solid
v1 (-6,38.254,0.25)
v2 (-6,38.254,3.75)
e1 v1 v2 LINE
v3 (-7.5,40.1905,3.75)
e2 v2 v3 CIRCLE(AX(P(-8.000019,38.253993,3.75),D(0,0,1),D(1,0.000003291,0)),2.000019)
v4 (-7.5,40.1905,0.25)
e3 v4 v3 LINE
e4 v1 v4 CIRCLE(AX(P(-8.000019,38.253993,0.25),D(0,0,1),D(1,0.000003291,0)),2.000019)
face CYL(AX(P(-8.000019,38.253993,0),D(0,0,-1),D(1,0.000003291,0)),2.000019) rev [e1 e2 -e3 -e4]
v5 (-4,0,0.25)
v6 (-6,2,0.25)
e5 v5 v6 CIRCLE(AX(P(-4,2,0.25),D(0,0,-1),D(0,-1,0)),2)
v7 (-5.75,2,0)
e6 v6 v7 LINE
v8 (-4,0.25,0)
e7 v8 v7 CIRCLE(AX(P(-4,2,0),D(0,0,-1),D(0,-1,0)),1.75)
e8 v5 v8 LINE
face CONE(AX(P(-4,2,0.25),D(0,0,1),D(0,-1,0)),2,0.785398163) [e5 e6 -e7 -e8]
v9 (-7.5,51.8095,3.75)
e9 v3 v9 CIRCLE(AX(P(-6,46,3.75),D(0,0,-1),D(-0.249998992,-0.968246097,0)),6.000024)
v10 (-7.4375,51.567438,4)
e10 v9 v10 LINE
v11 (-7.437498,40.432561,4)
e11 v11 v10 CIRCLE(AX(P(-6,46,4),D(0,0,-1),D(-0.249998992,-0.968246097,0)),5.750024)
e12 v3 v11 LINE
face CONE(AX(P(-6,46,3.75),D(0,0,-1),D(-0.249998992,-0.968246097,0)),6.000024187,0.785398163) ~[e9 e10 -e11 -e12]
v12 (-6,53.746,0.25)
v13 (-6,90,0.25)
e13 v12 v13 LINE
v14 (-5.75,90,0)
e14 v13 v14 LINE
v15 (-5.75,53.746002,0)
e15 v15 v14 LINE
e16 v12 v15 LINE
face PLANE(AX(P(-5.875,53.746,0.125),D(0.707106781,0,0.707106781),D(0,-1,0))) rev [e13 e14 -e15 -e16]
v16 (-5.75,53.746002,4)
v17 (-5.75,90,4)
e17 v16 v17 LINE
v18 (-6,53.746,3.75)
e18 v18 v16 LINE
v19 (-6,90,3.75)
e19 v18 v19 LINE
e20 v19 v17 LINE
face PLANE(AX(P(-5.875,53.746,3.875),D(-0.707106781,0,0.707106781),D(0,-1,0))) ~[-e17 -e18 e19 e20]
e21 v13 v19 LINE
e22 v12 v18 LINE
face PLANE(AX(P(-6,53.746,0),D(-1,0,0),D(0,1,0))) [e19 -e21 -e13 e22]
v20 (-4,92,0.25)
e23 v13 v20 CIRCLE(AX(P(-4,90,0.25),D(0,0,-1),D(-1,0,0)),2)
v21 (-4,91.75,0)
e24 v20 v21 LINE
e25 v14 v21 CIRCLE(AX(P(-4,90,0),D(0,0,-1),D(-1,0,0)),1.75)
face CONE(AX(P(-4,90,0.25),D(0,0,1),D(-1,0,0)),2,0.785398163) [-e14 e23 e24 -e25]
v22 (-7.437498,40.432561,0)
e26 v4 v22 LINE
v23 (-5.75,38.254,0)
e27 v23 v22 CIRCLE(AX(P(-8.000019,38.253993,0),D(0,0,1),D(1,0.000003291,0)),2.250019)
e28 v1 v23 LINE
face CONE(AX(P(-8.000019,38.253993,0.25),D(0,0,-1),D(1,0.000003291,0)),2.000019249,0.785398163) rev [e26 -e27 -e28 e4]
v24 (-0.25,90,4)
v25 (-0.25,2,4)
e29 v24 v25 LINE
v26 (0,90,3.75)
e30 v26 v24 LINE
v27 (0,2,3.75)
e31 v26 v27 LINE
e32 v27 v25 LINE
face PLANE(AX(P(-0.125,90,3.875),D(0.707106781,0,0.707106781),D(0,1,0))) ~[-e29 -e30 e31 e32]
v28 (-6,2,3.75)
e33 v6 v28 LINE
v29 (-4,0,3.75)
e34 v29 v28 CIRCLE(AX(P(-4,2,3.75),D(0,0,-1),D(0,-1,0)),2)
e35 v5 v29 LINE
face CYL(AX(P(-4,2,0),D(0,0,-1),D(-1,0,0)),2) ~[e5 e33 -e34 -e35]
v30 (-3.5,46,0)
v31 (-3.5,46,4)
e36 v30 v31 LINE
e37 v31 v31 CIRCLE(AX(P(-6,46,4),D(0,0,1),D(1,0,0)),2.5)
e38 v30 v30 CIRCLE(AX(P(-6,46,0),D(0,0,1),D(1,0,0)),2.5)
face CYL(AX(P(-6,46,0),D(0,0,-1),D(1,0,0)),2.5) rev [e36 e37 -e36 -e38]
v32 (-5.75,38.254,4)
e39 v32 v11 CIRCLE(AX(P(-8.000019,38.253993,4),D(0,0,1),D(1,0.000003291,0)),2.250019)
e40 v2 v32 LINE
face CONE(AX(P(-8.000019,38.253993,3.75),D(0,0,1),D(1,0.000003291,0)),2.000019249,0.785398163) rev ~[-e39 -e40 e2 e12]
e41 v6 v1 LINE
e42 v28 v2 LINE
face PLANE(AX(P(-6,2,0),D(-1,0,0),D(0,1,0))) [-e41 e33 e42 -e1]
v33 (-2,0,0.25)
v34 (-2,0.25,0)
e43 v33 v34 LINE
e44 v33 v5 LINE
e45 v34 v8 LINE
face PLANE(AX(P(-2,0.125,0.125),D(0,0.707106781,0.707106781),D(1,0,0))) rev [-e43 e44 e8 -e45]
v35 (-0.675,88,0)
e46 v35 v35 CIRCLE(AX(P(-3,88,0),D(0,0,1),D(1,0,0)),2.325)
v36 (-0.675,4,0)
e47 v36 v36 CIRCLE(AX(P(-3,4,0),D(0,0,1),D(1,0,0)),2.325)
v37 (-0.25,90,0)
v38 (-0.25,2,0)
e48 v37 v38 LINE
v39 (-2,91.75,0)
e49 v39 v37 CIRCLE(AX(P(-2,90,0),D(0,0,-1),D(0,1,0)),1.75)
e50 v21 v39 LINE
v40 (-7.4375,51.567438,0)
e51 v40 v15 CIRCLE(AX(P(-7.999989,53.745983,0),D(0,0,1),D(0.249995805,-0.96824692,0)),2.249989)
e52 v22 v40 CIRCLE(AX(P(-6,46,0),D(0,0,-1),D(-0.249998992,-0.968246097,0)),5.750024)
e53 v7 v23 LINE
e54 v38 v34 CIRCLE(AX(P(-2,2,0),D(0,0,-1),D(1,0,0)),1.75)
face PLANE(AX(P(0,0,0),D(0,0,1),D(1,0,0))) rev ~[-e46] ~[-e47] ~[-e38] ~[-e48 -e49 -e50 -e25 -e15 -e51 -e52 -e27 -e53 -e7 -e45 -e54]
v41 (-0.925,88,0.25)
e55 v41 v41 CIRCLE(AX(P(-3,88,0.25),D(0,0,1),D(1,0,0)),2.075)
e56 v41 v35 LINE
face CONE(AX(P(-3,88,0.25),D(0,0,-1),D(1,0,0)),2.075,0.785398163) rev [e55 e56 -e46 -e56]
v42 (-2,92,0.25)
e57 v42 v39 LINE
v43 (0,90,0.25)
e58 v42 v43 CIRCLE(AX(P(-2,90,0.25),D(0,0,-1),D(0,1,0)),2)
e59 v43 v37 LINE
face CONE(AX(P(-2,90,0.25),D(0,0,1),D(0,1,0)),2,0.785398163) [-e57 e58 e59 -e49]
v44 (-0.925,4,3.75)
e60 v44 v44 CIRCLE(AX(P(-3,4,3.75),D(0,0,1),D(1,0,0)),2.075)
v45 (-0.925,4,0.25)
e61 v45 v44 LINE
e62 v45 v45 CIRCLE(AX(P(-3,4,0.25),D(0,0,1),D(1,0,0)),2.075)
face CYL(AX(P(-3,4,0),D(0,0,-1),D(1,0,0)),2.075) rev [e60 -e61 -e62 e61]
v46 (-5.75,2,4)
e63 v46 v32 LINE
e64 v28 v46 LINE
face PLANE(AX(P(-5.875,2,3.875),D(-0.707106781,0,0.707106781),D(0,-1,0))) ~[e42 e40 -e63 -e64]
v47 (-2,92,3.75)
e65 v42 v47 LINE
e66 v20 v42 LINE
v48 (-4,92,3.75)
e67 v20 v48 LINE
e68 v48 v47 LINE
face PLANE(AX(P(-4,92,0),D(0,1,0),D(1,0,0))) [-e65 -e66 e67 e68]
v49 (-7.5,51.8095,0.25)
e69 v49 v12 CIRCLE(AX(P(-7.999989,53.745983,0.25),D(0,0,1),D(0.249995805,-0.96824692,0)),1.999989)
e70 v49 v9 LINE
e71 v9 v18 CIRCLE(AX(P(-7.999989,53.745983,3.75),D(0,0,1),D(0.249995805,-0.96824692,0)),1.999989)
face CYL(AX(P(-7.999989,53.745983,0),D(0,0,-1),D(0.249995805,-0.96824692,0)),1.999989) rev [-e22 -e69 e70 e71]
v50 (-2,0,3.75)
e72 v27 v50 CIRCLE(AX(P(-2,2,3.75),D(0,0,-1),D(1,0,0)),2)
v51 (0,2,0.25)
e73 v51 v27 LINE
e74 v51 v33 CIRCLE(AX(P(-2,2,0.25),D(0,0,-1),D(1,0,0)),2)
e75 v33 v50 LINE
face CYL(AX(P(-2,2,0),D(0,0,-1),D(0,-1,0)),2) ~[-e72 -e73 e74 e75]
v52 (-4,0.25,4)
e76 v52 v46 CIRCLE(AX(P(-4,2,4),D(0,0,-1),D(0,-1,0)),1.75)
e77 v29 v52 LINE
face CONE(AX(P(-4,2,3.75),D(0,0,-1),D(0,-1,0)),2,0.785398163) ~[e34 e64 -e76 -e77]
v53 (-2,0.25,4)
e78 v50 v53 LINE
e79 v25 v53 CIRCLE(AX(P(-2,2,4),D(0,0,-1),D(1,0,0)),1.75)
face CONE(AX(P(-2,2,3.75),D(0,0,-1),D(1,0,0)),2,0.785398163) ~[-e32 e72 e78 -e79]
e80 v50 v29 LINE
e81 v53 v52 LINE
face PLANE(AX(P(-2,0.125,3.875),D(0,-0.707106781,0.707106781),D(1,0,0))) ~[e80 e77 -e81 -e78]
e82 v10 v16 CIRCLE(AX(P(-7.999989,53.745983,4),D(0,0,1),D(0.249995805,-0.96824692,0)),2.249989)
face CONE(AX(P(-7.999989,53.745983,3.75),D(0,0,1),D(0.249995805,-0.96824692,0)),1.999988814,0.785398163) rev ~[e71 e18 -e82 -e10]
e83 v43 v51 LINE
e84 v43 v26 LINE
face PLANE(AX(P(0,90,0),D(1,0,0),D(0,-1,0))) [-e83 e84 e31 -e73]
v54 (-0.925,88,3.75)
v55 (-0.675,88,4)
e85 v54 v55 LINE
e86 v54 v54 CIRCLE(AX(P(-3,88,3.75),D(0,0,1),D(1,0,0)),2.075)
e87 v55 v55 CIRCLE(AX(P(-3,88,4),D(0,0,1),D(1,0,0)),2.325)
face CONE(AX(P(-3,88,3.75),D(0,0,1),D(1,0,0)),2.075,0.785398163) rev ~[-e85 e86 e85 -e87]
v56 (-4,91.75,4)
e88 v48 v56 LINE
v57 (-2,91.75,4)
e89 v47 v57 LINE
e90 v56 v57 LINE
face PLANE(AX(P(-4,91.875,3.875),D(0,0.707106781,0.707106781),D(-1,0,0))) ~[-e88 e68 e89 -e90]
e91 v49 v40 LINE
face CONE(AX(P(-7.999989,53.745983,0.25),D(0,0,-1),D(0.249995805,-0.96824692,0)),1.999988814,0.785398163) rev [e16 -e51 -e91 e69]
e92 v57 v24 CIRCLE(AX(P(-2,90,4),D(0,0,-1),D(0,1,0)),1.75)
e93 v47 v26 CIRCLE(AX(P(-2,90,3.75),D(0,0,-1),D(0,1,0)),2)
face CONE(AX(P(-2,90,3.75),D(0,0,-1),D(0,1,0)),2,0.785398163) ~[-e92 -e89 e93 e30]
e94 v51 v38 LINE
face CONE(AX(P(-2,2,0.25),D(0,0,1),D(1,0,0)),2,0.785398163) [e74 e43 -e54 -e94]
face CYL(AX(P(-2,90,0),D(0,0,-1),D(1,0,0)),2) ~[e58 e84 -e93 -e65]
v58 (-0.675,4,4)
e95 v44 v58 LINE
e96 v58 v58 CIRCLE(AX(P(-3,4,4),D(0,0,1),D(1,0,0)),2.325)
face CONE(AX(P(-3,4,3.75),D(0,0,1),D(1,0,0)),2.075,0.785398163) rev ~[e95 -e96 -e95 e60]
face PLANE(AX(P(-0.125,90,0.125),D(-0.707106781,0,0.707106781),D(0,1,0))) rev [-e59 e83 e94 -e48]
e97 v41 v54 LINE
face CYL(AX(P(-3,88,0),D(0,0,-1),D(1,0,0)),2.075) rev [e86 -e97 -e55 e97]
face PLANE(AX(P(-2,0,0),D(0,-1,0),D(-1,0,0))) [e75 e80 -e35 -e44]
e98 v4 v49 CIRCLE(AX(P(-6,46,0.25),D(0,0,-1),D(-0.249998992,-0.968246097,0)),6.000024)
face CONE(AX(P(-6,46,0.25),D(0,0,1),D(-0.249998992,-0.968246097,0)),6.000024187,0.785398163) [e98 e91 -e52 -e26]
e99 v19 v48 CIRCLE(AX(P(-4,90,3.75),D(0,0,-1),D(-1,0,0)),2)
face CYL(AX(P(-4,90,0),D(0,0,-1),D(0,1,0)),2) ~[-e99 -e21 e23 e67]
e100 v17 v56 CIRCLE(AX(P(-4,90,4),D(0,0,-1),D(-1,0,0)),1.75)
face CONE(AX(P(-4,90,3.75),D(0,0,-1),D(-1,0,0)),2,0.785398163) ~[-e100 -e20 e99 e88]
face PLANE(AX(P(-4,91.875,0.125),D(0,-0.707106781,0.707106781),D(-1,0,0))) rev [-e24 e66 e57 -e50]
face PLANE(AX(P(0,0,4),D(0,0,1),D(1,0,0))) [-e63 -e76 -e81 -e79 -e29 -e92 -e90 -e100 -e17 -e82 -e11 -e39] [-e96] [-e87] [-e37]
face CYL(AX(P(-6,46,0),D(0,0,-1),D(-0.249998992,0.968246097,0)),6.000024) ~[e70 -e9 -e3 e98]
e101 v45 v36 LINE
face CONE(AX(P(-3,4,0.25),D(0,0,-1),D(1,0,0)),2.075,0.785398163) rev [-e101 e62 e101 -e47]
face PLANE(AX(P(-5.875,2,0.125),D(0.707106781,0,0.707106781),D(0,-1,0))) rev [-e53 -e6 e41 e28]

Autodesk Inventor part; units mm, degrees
ref_plane "YZ Plane" through (0, 0, 0) normal (1, 0, 0) x (0, 1, 0)
ref_plane "XZ Plane" through (0, 0, 0) normal (0, 1, 0) x (-1, 0, 0)
ref_plane "XY Plane" through (0, 0, 0) normal (0, 0, 1) x (1, 0, 0)
sketch "Sketch1" plane through (0, 0, 0) normal (0, 0, 1) x (1, 0, 0)
  line L0 (-2, 0) -> (-4, 0)
  line L1 (-4, 92) -> (-2, 92)
  line L2 (0, 90) -> (0, 2)
  circle A0 centre (-3, 4) radius 2.075
  circle A1 centre (-3, 88) radius 2.075
  arc A2 (-4, 92) -> (-6, 90) centre (-4, 90) ccw
  arc A3 (0, 90) -> (-2, 92) centre (-2, 90) ccw
  arc A4 (-2, 0) -> (0, 2) centre (-2, 2) ccw
  arc A5 (-6, 2) -> (-4, 0) centre (-4, 2) ccw
  arc A6 (-7.5, 51.8095) -> (-7.5, 40.1905) centre (-6, 46) ccw
  circle A7 centre (-6, 46) radius 2.5
  line L3 (-6, 53.746) -> (-6, 90)
  line L4 (-6, 2) -> (-6, 38.254)
  arc A8 (-7.5, 51.8095) -> (-6, 53.746) centre (-8, 53.746) ccw
  arc A9 (-6, 38.254) -> (-7.5, 40.1905) centre (-8, 38.254) ccw
  point P0 (0, 0)
  point P1 (-6, 92)
  point P2 (-6, 0)
  point P3 (0, 92)
  point P4 (-3, 92)
  point P5 (-6, 52)
  point P6 (-6, 40)
  dimension "d0" = 6
  dimension "d1" = 92
  dimension "d2" = 4.15
  dimension "d3" = 4.15
  dimension "d4" = 84
  dimension "d5" = 4
  dimension "d6" = 2
  dimension "d12" = 12
  dimension "d13" = 5
  dimension "d14" = 2
extrude "Extrusion1" add sketch "Sketch1" along normal blind 4
chamfer "Chamfer1" distance 0.25 angle 45 28 edges at (-5.075, 88, 4) (-5.075, 88, 0) (-3, 92, 0) (-5.4142, 91.4142, 0) (-6, 71.873, 0) (-6.4189, 52.5212, 0) (-12, 46, 0) (-6.4189, 39.4788, 0) (-6, 20.127, 0) (-5.4142, 0.5858, 0) (-3, 0, 0) (-0.5858, 0.5858, 0) (0, 46, 0) (-0.5858, 91.4142, 0) (-3, 92, 4) (-5.4142, 91.4142, 4) (-6, 71.873, 4) (-6.4189, 52.5212, 4) (-12, 46, 4) (-6.4189, 39.4788, 4) (-6, 20.127, 4) (-5.4142, 0.5858, 4) (-3, 0, 4) (-0.5858, 0.5858, 4) (0, 46, 4) (-0.5858, 91.4142, 4) (-5.075, 4, 4) (-5.075, 4, 0)
equation "\"d3\" = d2"
equation "\"d5\" = -0.5 * d4 + 0.5 * d1"
properties part number "Spacer"
